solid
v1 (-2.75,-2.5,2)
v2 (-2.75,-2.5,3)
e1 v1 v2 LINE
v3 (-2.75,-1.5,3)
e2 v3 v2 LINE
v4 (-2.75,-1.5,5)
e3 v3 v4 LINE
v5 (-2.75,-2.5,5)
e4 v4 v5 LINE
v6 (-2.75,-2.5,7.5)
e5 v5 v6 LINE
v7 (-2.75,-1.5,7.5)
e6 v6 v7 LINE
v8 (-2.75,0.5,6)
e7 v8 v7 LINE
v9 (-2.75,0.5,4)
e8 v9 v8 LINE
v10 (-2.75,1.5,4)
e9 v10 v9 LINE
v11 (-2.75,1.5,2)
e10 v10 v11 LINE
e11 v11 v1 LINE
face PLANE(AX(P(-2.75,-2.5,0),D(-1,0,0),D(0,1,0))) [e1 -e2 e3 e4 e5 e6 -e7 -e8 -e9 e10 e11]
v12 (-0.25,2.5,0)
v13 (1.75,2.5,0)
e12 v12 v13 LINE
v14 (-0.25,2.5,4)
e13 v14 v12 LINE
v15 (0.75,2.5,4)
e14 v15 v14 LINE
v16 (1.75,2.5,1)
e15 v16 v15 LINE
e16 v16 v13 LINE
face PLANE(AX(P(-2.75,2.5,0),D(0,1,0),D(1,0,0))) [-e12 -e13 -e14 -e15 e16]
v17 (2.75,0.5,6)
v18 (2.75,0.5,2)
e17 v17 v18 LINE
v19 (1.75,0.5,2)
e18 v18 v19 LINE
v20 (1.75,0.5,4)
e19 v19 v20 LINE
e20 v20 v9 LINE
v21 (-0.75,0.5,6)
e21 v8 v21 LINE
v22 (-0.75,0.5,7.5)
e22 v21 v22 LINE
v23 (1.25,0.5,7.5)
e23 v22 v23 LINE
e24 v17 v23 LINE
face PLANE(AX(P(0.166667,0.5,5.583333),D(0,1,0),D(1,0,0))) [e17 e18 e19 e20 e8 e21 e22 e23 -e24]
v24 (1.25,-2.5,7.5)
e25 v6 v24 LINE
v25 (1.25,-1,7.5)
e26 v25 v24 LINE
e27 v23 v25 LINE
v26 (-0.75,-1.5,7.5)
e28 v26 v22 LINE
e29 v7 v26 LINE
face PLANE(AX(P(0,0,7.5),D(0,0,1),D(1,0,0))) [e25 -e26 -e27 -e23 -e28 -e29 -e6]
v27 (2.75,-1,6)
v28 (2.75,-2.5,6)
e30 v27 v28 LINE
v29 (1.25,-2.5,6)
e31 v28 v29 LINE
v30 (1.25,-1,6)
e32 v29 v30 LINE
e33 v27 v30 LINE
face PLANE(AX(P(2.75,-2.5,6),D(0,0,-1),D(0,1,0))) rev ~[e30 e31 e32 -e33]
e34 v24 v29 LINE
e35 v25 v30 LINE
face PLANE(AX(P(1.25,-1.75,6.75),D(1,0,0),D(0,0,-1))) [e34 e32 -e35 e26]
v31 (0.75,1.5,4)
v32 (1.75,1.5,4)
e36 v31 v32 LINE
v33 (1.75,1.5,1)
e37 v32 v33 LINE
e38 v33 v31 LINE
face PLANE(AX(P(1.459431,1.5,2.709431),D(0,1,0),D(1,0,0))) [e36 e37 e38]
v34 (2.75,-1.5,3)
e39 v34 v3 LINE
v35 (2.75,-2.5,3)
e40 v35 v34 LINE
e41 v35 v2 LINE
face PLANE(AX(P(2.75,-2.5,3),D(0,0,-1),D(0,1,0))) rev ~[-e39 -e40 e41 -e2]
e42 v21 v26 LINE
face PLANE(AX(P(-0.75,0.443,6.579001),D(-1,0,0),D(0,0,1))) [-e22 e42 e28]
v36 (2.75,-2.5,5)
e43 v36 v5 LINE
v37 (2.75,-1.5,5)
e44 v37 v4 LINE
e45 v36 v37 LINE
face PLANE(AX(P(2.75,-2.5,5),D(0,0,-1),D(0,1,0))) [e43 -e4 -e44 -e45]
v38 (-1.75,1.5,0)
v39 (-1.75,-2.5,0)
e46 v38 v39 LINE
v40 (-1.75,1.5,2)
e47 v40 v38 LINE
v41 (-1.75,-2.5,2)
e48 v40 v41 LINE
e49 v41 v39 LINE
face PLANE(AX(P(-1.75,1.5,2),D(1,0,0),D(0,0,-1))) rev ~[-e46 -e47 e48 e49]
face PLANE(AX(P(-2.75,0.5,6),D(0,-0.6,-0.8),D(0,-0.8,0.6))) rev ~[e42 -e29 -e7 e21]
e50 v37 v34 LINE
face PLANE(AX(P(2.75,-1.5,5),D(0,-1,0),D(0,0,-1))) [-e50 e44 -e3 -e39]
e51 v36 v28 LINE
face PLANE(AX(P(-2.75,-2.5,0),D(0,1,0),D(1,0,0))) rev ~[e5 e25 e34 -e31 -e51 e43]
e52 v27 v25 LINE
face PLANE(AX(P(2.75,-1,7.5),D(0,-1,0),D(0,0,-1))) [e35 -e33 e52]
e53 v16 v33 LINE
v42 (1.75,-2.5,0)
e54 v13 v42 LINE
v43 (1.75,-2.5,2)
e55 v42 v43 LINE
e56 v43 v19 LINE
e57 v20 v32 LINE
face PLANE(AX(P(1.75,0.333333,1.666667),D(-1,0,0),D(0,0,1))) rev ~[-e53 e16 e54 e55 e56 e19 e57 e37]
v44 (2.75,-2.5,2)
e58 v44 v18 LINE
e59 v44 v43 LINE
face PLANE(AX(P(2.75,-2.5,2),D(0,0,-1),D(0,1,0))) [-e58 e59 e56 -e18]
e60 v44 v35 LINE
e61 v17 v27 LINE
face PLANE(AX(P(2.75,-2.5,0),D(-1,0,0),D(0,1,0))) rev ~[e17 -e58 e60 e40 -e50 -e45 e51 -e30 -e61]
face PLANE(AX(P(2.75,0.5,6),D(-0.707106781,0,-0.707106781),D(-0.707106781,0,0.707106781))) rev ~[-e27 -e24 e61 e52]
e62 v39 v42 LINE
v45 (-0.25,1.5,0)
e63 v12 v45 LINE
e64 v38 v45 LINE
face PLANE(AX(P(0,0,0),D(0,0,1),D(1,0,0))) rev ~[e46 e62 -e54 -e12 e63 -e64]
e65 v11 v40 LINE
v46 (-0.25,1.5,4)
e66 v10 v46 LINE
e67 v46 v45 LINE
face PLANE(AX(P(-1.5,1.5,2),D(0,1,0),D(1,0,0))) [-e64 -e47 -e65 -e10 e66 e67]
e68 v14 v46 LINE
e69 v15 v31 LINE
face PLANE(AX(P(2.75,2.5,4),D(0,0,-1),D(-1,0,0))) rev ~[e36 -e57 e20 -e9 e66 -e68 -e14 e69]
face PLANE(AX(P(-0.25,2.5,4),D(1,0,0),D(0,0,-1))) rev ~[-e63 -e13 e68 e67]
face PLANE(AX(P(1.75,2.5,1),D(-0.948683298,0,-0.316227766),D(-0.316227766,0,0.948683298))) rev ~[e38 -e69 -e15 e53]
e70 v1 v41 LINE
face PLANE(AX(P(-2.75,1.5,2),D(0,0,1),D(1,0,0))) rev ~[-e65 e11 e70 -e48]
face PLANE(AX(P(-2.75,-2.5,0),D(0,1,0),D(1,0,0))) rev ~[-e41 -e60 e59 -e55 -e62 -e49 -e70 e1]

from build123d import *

# Parameters (mm, degrees)
SKETCH1_W           = 5.5
SKETCH1_H           = 5
BOSS_EXTRUDE1_DEPTH = 7.5
CUT_EXTRUDE1_DEPTH  = 2
CUT_EXTRUDE2_DEPTH  = 1
CUT_EXTRUDE3_DEPTH  = 2
CUT_EXTRUDE4_DEPTH  = 2
SKETCH6_W           = 2.5
SKETCH6_H           = 4
CUT_EXTRUDE5_DEPTH  = 1
SKETCH7_W           = 1
SKETCH7_H           = 2
CUT_EXTRUDE6_DEPTH  = 5
SKETCH8_W           = 2
SKETCH8_H           = 1
CUT_EXTRUDE7_DEPTH  = 6.5
CUT_EXTRUDE8_DEPTH  = 4
SKETCH11_W          = 1.5
SKETCH11_H          = 1.5
CUT_EXTRUDE9_DEPTH  = 1.5


with BuildPart() as part:
    # Sketch1 → Boss-Extrude1 (new body)
    with BuildSketch(Plane.XY):
        Rectangle(SKETCH1_W, SKETCH1_H)
    extrude(amount=BOSS_EXTRUDE1_DEPTH)

    # Sketch2 → Cut-Extrude1 (cut)
    with BuildSketch(Plane.ZY.offset(2.75)):
        Polygon((6, 2.5), (7.5, -1.5), (7.5, 2.5), align=None)
    extrude(amount=-CUT_EXTRUDE1_DEPTH, mode=Mode.SUBTRACT)

    # Sketch3 → Cut-Extrude2 (cut)
    with BuildSketch(Plane(origin=(2.75, 0, 0), x_dir=(0, 0, -1), z_dir=(1, 0, 0))):
        Polygon((0, -2.5), (-2, -2.5), (-2, 0.5), (-4, 0.5), (-4, 2.5), (0, 2.5), align=None)
    extrude(amount=-CUT_EXTRUDE2_DEPTH, mode=Mode.SUBTRACT)

    # Sketch4 → Cut-Extrude3 (cut)
    with BuildSketch(Plane(origin=(0, 2.5, 0), x_dir=(1, 0, 0), z_dir=(0, 1, 0))):
        Polygon((2.75, -7.5), (2.75, -4), (1.75, -4), (-2.75, -4), (-2.75, -6), (-0.75, -6), (-0.75, -7.5), align=None)
    extrude(amount=-CUT_EXTRUDE3_DEPTH, mode=Mode.SUBTRACT)

    # Sketch5 → Cut-Extrude4 (cut)
    with BuildSketch(Plane.ZY.offset(2.75)):
        Polygon((6, 2.5), (6, 0.5), (7.5, -1.5), align=None)
    extrude(amount=-CUT_EXTRUDE4_DEPTH, mode=Mode.SUBTRACT)

    # Sketch6 → Cut-Extrude5 (cut)
    with BuildSketch(Plane(origin=(0, 2.5, 0), x_dir=(1, 0, 0), z_dir=(0, 1, 0))):
        Polygon((1.75, -4), (1.75, -1), (0.75, -4), align=None)
        with Locations((-1.5, -2)):
            Rectangle(SKETCH6_W, SKETCH6_H)
    extrude(amount=-CUT_EXTRUDE5_DEPTH, mode=Mode.SUBTRACT)

    # Sketch7 → Cut-Extrude6 (cut, through all)
    with BuildSketch(Plane(origin=(0, 1.5, 0), x_dir=(1, 0, 0), z_dir=(0, 1, 0))):
        with Locations((-2.25, -1)):
            Rectangle(SKETCH7_W, SKETCH7_H)
    extrude(amount=-CUT_EXTRUDE6_DEPTH, mode=Mode.SUBTRACT)

    # Sketch8 → Cut-Extrude7 (cut, through all)
    with BuildSketch(Plane(origin=(2.75, 0, 0), x_dir=(0, 0, -1), z_dir=(1, 0, 0))):
        with Locations((-4, -2)):
            Rectangle(SKETCH8_W, SKETCH8_H)
    extrude(amount=-CUT_EXTRUDE7_DEPTH, mode=Mode.SUBTRACT)

    # Sketch10 → Cut-Extrude8 (cut, through all)
    with BuildSketch(Plane(origin=(0, 0.5, 0), x_dir=(1, 0, 0), z_dir=(0, 1, 0))):
        Polygon((2.75, -6), (1.25, -7.5), (2.75, -7.5), align=None)
    extrude(amount=-CUT_EXTRUDE8_DEPTH, mode=Mode.SUBTRACT)

    # Sketch11 → Cut-Extrude9 (cut)
    with BuildSketch(Plane(origin=(2.75, 0, 0), x_dir=(0, 0, -1), z_dir=(1, 0, 0))):
        with Locations((-6.75, -1.75)):
            Rectangle(SKETCH11_W, SKETCH11_H)
    extrude(amount=-CUT_EXTRUDE9_DEPTH, mode=Mode.SUBTRACT)


solid = part.part
